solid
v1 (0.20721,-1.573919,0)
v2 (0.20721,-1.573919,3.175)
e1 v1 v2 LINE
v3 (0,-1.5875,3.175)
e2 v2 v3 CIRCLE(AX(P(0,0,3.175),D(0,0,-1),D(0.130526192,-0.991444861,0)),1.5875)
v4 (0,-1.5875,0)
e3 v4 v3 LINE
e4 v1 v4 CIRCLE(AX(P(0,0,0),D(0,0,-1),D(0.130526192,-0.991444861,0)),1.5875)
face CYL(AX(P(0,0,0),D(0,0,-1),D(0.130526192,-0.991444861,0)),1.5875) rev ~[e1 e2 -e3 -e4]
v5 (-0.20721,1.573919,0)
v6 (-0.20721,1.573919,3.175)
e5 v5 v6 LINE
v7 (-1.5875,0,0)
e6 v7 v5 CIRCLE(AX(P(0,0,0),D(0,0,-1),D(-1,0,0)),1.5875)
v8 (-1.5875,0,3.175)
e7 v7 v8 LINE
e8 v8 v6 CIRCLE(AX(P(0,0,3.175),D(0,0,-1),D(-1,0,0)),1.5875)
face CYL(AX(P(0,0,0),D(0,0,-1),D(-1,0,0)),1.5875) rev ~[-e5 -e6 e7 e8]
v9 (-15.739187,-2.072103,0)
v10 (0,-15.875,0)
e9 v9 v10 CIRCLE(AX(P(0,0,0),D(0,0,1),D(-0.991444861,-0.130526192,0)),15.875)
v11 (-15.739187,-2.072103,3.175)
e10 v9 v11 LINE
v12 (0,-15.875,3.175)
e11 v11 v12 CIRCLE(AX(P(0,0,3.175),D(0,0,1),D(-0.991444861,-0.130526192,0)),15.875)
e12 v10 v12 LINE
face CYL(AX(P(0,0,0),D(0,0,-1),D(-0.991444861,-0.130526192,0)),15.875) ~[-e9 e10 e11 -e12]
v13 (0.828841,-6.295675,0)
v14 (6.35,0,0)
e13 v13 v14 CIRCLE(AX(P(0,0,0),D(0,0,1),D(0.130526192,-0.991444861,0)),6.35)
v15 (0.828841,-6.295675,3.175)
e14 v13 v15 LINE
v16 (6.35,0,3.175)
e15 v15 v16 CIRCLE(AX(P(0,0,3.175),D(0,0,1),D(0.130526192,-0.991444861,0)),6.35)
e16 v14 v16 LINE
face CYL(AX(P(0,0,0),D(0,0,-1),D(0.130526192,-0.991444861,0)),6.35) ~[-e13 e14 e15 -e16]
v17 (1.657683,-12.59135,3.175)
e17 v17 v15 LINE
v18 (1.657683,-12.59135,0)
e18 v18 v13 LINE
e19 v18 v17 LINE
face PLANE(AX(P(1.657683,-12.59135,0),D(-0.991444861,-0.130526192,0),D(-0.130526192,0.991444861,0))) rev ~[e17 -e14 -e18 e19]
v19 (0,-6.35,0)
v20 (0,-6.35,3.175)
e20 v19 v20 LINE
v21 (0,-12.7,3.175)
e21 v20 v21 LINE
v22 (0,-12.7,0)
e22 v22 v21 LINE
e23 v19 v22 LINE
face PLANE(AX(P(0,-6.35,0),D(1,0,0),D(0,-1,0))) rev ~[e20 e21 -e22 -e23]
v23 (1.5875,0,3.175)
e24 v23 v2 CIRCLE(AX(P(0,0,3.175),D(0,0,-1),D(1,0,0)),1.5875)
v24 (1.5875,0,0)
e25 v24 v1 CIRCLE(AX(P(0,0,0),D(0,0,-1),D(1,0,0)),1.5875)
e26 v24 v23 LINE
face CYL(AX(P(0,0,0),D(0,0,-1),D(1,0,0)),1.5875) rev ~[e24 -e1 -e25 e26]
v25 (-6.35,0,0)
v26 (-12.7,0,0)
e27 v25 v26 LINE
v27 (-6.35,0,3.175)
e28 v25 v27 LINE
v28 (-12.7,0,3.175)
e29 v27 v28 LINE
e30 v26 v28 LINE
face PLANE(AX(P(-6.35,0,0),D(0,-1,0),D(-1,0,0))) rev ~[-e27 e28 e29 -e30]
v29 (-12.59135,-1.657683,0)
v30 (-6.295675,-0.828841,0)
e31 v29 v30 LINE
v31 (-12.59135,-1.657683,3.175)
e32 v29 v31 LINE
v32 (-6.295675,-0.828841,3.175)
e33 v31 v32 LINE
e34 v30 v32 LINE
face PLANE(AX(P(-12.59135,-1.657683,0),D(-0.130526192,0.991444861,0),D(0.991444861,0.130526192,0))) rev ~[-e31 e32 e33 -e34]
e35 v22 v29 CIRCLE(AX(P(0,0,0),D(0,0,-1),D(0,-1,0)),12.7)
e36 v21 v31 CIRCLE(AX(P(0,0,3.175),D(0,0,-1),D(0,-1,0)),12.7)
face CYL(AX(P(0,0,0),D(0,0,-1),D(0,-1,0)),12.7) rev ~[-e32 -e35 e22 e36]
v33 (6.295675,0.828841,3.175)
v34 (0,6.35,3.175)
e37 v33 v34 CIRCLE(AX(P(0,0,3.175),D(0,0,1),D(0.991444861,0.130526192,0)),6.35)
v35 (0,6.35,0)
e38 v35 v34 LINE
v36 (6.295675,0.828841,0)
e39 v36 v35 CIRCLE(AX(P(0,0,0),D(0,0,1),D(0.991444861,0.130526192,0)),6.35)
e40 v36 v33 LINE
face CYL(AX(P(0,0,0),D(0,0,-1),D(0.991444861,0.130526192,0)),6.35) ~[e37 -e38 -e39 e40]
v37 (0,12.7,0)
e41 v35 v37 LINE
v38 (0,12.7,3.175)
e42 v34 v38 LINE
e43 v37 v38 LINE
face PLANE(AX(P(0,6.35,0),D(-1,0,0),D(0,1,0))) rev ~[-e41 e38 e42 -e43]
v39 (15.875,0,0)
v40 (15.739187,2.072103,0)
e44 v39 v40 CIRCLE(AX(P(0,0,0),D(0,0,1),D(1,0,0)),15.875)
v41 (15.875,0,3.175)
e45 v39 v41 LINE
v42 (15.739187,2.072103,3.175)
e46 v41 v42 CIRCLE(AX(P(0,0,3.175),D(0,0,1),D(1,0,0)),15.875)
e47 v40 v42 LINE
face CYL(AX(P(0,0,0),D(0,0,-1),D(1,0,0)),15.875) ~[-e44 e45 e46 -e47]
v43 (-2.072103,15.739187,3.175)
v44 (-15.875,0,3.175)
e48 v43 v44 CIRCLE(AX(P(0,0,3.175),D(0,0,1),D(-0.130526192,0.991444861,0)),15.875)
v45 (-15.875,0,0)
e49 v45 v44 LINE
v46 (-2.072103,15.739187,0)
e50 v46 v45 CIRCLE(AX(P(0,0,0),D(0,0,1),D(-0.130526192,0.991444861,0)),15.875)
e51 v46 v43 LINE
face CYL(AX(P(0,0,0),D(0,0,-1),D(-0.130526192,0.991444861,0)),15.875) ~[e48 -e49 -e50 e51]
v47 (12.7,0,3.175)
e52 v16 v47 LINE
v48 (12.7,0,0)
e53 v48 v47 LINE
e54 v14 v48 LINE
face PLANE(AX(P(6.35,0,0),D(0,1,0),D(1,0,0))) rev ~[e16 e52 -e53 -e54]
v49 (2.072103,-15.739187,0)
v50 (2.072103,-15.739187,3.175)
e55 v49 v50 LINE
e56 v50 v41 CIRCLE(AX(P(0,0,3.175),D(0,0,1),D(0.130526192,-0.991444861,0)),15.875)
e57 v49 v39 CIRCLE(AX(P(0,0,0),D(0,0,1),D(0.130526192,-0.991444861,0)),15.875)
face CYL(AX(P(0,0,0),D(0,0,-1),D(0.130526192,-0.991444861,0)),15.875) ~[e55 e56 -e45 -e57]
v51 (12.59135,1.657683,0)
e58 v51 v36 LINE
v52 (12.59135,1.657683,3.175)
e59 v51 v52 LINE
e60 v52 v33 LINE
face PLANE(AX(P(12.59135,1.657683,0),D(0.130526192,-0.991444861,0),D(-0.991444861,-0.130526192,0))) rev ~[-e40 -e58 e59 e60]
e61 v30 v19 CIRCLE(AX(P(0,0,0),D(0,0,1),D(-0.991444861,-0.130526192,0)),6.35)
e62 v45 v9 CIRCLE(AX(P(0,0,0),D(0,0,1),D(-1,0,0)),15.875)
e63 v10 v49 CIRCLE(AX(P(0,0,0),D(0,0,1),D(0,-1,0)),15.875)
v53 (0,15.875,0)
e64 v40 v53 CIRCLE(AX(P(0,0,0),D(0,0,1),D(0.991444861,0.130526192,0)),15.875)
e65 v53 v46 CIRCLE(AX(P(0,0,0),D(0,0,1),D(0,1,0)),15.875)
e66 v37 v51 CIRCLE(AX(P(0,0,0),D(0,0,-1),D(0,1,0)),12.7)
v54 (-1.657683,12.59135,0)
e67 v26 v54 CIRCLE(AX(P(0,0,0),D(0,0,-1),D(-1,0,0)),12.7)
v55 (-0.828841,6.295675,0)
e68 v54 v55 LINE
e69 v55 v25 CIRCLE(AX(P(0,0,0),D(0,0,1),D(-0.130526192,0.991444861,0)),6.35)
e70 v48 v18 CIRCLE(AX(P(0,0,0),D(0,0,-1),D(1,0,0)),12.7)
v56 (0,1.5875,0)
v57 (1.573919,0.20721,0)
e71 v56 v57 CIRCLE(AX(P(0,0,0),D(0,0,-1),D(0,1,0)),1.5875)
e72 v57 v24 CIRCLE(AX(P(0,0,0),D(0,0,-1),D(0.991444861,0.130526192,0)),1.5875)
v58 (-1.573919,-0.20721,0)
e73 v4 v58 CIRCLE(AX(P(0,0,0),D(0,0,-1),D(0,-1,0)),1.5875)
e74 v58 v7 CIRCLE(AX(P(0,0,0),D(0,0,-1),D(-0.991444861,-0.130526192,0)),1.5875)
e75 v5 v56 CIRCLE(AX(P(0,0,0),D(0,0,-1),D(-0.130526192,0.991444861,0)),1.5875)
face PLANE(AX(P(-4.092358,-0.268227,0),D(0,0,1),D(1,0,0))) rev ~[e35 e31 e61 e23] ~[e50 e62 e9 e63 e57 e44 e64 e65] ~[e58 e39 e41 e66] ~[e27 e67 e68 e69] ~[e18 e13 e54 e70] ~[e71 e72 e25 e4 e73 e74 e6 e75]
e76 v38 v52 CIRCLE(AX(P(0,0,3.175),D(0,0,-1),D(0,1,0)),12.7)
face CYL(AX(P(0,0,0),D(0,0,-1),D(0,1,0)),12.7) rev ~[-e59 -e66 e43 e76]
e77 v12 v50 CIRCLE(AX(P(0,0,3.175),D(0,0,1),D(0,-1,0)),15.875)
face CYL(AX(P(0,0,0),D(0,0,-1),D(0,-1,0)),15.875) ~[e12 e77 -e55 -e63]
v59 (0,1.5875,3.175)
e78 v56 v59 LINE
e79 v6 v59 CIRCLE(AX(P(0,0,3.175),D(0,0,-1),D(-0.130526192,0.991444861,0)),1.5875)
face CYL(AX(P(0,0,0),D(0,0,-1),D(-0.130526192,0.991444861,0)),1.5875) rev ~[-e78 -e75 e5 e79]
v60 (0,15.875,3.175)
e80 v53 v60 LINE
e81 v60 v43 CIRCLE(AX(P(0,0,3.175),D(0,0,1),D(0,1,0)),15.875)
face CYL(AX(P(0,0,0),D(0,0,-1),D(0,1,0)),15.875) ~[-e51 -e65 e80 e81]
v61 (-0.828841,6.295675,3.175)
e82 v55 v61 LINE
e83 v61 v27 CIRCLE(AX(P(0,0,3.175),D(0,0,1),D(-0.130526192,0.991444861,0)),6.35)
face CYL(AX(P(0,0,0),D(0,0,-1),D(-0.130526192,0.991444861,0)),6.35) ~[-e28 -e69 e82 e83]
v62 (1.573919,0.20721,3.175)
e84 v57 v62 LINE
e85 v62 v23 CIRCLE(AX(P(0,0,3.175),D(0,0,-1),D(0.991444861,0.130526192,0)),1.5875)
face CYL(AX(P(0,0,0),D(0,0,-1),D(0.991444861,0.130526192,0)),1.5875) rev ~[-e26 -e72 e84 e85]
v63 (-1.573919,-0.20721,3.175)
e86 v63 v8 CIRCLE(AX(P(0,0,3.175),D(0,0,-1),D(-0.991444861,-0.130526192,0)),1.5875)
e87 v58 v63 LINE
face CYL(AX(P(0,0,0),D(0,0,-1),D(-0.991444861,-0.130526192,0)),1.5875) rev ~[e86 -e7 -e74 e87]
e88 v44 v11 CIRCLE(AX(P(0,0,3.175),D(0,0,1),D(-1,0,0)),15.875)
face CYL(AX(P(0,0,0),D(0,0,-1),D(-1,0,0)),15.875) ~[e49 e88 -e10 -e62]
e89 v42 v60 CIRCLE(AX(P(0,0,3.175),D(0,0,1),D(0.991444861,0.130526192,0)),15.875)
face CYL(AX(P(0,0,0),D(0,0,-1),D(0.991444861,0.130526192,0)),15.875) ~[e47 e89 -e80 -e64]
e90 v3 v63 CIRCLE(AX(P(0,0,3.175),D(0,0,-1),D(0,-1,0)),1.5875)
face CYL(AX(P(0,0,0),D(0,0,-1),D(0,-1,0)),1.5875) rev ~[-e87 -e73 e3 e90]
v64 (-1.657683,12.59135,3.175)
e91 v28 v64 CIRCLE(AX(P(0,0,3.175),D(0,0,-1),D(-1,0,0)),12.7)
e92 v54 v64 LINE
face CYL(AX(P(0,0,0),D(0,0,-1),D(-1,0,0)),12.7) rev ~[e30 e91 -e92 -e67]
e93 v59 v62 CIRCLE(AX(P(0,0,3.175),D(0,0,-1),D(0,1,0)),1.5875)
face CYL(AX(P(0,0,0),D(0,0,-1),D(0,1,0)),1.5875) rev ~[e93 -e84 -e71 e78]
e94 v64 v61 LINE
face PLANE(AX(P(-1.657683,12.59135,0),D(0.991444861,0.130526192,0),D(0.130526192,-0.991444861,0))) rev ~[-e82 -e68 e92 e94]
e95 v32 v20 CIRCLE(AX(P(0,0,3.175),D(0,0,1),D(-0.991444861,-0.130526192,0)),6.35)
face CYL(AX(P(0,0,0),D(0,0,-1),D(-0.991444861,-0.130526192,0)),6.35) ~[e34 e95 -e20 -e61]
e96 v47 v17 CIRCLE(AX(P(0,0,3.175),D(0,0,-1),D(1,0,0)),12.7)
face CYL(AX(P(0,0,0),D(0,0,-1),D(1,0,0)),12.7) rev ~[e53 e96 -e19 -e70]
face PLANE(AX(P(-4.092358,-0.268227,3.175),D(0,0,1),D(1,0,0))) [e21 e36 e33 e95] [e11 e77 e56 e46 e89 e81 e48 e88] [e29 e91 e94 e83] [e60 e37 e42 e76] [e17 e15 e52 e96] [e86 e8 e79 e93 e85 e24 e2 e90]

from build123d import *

# Parameters (mm, degrees)
F1_DEPTH = 3.175


with BuildPart() as f1:
    # F0 (on Top) → F1 (new body)
    with BuildSketch(Plane.XY):
        with BuildLine():
            ThreePointArc((-6.35, 0), (-6.3364041626, -0.4153098706), (-6.2956748697, -0.8288413206))
            Line((-6.2956748697, -0.8288413206), (-1.5739187174, -0.2072103301))
            ThreePointArc((-1.5739187174, -0.2072103301), (-1.5841010406, -0.1038274677), (-1.5875, 0))
            Line((-1.5875, 0), (-6.35, 0))
        make_face()
        with BuildLine():
            ThreePointArc((-15.875, 0), (-15.8410104064, -1.0382746765), (-15.7391871743, -2.0721033015))
            Line((-15.7391871743, -2.0721033015), (-12.5913497394, -1.6576826412))
            ThreePointArc((-12.5913497394, -1.6576826412), (-12.6728083251, -0.8306197412), (-12.7, 0))
            Line((-12.7, 0), (-15.875, 0))
        make_face()
        with BuildLine():
            ThreePointArc((0, -6.35), (0.4153098706, -6.3364041626), (0.8288413206, -6.2956748697))
            Line((0.8288413206, -6.2956748697), (0.2072103301, -1.5739187174))
            ThreePointArc((0.2072103301, -1.5739187174), (0.1038274677, -1.5841010406), (0, -1.5875))
            Line((0, -1.5875), (0, -6.35))
        make_face()
        with BuildLine():
            Line((0, 1.5875), (0, 6.35))
            ThreePointArc((0, 6.35), (-0.4153098706, 6.3364041626), (-0.8288413206, 6.2956748697))
            Line((-0.8288413206, 6.2956748697), (-0.2072103301, 1.5739187174))
            ThreePointArc((-0.2072103301, 1.5739187174), (-0.1038274677, 1.5841010406), (0, 1.5875))
        make_face()
        with BuildLine():
            Line((1.5875, 0), (6.35, 0))
            ThreePointArc((6.35, 0), (6.3364041626, 0.4153098706), (6.2956748697, 0.8288413206))
            Line((6.2956748697, 0.8288413206), (1.5739187174, 0.2072103301))
            ThreePointArc((1.5739187174, 0.2072103301), (1.5841010406, 0.1038274677), (1.5875, 0))
        make_face()
        with BuildLine():
            ThreePointArc((-15.7391871743, -2.0721033015), (-10.4671148147, -11.9354569437), (0, -15.875))
            Line((0, -15.875), (0, -12.7))
            ThreePointArc((0, -12.7), (-8.3736918518, -9.548365555), (-12.5913497394, -1.6576826412))
            Line((-12.5913497394, -1.6576826412), (-15.7391871743, -2.0721033015))
        make_face()
        with BuildLine():
            Line((-1.6576826412, 12.5913497394), (-2.0721033015, 15.7391871743))
            ThreePointArc((-2.0721033015, 15.7391871743), (-11.9354569437, 10.4671148147), (-15.875, 0))
            Line((-15.875, 0), (-12.7, 0))
            ThreePointArc((-12.7, 0), (-9.548365555, 8.3736918518), (-1.6576826412, 12.5913497394))
        make_face()
        with BuildLine():
            Line((12.5913497394, 1.6576826412), (15.7391871743, 2.0721033015))
            ThreePointArc((15.7391871743, 2.0721033015), (10.4671148147, 11.9354569437), (0, 15.875))
            Line((0, 15.875), (0, 12.7))
            ThreePointArc((0, 12.7), (8.3736918518, 9.548365555), (12.5913497394, 1.6576826412))
        make_face()
        with BuildLine():
            ThreePointArc((2.0721033015, -15.7391871743), (11.9354569437, -10.4671148147), (15.875, 0))
            Line((15.875, 0), (12.7, 0))
            ThreePointArc((12.7, 0), (9.548365555, -8.3736918518), (1.6576826412, -12.5913497394))
            Line((1.6576826412, -12.5913497394), (2.0721033015, -15.7391871743))
        make_face()
        with BuildLine():
            ThreePointArc((0, -15.875), (1.0382746765, -15.8410104064), (2.0721033015, -15.7391871743))
            Line((2.0721033015, -15.7391871743), (1.6576826412, -12.5913497394))
            ThreePointArc((1.6576826412, -12.5913497394), (0.8306197412, -12.6728083251), (0, -12.7))
            Line((0, -12.7), (0, -15.875))
        make_face()
        with BuildLine():
            Line((12.7, 0), (15.875, 0))
            ThreePointArc((15.875, 0), (15.8410104064, 1.0382746765), (15.7391871743, 2.0721033015))
            Line((15.7391871743, 2.0721033015), (12.5913497394, 1.6576826412))
            ThreePointArc((12.5913497394, 1.6576826412), (12.6728083251, 0.8306197412), (12.7, 0))
        make_face()
        with BuildLine():
            Line((0, 12.7), (0, 15.875))
            ThreePointArc((0, 15.875), (-1.0382746765, 15.8410104064), (-2.0721033015, 15.7391871743))
            Line((-2.0721033015, 15.7391871743), (-1.6576826412, 12.5913497394))
            ThreePointArc((-1.6576826412, 12.5913497394), (-0.8306197412, 12.6728083251), (0, 12.7))
        make_face()
        with BuildLine():
            ThreePointArc((-12.7, 0), (-12.6728083251, -0.8306197412), (-12.5913497394, -1.6576826412))
            Line((-12.5913497394, -1.6576826412), (-6.2956748697, -0.8288413206))
            ThreePointArc((-6.2956748697, -0.8288413206), (-6.3364041626, -0.4153098706), (-6.35, 0))
            Line((-6.35, 0), (-12.7, 0))
        make_face()
        with BuildLine():
            ThreePointArc((-6.2956748697, -0.8288413206), (-4.1868459259, -4.7741827775), (0, -6.35))
            Line((0, -6.35), (0, -1.5875))
            ThreePointArc((0, -1.5875), (-1.0467114815, -1.1935456944), (-1.5739187174, -0.2072103301))
            Line((-1.5739187174, -0.2072103301), (-6.2956748697, -0.8288413206))
        make_face()
        with BuildLine():
            ThreePointArc((0.8288413206, -6.2956748697), (4.7741827775, -4.1868459259), (6.35, 0))
            Line((6.35, 0), (1.5875, 0))
            ThreePointArc((1.5875, 0), (1.1935456944, -1.0467114815), (0.2072103301, -1.5739187174))
            Line((0.2072103301, -1.5739187174), (0.8288413206, -6.2956748697))
        make_face()
        with BuildLine():
            Line((1.5739187174, 0.2072103301), (6.2956748697, 0.8288413206))
            ThreePointArc((6.2956748697, 0.8288413206), (4.1868459259, 4.7741827775), (0, 6.35))
            Line((0, 6.35), (0, 1.5875))
            ThreePointArc((0, 1.5875), (1.0467114815, 1.1935456944), (1.5739187174, 0.2072103301))
        make_face()
        with BuildLine():
            Line((-0.2072103301, 1.5739187174), (-0.8288413206, 6.2956748697))
            ThreePointArc((-0.8288413206, 6.2956748697), (-4.7741827775, 4.1868459259), (-6.35, 0))
            Line((-6.35, 0), (-1.5875, 0))
            ThreePointArc((-1.5875, 0), (-1.1935456944, 1.0467114815), (-0.2072103301, 1.5739187174))
        make_face()
        with BuildLine():
            Line((0, 6.35), (0, 12.7))
            ThreePointArc((0, 12.7), (-0.8306197412, 12.6728083251), (-1.6576826412, 12.5913497394))
            Line((-1.6576826412, 12.5913497394), (-0.8288413206, 6.2956748697))
            ThreePointArc((-0.8288413206, 6.2956748697), (-0.4153098706, 6.3364041626), (0, 6.35))
        make_face()
        with BuildLine():
            Line((6.35, 0), (12.7, 0))
            ThreePointArc((12.7, 0), (12.6728083251, 0.8306197412), (12.5913497394, 1.6576826412))
            Line((12.5913497394, 1.6576826412), (6.2956748697, 0.8288413206))
            ThreePointArc((6.2956748697, 0.8288413206), (6.3364041626, 0.4153098706), (6.35, 0))
        make_face()
        with BuildLine():
            ThreePointArc((0, -12.7), (0.8306197412, -12.6728083251), (1.6576826412, -12.5913497394))
            Line((1.6576826412, -12.5913497394), (0.8288413206, -6.2956748697))
            ThreePointArc((0.8288413206, -6.2956748697), (0.4153098706, -6.3364041626), (0, -6.35))
            Line((0, -6.35), (0, -12.7))
        make_face()
    extrude(amount=F1_DEPTH)


solid = f1.part
